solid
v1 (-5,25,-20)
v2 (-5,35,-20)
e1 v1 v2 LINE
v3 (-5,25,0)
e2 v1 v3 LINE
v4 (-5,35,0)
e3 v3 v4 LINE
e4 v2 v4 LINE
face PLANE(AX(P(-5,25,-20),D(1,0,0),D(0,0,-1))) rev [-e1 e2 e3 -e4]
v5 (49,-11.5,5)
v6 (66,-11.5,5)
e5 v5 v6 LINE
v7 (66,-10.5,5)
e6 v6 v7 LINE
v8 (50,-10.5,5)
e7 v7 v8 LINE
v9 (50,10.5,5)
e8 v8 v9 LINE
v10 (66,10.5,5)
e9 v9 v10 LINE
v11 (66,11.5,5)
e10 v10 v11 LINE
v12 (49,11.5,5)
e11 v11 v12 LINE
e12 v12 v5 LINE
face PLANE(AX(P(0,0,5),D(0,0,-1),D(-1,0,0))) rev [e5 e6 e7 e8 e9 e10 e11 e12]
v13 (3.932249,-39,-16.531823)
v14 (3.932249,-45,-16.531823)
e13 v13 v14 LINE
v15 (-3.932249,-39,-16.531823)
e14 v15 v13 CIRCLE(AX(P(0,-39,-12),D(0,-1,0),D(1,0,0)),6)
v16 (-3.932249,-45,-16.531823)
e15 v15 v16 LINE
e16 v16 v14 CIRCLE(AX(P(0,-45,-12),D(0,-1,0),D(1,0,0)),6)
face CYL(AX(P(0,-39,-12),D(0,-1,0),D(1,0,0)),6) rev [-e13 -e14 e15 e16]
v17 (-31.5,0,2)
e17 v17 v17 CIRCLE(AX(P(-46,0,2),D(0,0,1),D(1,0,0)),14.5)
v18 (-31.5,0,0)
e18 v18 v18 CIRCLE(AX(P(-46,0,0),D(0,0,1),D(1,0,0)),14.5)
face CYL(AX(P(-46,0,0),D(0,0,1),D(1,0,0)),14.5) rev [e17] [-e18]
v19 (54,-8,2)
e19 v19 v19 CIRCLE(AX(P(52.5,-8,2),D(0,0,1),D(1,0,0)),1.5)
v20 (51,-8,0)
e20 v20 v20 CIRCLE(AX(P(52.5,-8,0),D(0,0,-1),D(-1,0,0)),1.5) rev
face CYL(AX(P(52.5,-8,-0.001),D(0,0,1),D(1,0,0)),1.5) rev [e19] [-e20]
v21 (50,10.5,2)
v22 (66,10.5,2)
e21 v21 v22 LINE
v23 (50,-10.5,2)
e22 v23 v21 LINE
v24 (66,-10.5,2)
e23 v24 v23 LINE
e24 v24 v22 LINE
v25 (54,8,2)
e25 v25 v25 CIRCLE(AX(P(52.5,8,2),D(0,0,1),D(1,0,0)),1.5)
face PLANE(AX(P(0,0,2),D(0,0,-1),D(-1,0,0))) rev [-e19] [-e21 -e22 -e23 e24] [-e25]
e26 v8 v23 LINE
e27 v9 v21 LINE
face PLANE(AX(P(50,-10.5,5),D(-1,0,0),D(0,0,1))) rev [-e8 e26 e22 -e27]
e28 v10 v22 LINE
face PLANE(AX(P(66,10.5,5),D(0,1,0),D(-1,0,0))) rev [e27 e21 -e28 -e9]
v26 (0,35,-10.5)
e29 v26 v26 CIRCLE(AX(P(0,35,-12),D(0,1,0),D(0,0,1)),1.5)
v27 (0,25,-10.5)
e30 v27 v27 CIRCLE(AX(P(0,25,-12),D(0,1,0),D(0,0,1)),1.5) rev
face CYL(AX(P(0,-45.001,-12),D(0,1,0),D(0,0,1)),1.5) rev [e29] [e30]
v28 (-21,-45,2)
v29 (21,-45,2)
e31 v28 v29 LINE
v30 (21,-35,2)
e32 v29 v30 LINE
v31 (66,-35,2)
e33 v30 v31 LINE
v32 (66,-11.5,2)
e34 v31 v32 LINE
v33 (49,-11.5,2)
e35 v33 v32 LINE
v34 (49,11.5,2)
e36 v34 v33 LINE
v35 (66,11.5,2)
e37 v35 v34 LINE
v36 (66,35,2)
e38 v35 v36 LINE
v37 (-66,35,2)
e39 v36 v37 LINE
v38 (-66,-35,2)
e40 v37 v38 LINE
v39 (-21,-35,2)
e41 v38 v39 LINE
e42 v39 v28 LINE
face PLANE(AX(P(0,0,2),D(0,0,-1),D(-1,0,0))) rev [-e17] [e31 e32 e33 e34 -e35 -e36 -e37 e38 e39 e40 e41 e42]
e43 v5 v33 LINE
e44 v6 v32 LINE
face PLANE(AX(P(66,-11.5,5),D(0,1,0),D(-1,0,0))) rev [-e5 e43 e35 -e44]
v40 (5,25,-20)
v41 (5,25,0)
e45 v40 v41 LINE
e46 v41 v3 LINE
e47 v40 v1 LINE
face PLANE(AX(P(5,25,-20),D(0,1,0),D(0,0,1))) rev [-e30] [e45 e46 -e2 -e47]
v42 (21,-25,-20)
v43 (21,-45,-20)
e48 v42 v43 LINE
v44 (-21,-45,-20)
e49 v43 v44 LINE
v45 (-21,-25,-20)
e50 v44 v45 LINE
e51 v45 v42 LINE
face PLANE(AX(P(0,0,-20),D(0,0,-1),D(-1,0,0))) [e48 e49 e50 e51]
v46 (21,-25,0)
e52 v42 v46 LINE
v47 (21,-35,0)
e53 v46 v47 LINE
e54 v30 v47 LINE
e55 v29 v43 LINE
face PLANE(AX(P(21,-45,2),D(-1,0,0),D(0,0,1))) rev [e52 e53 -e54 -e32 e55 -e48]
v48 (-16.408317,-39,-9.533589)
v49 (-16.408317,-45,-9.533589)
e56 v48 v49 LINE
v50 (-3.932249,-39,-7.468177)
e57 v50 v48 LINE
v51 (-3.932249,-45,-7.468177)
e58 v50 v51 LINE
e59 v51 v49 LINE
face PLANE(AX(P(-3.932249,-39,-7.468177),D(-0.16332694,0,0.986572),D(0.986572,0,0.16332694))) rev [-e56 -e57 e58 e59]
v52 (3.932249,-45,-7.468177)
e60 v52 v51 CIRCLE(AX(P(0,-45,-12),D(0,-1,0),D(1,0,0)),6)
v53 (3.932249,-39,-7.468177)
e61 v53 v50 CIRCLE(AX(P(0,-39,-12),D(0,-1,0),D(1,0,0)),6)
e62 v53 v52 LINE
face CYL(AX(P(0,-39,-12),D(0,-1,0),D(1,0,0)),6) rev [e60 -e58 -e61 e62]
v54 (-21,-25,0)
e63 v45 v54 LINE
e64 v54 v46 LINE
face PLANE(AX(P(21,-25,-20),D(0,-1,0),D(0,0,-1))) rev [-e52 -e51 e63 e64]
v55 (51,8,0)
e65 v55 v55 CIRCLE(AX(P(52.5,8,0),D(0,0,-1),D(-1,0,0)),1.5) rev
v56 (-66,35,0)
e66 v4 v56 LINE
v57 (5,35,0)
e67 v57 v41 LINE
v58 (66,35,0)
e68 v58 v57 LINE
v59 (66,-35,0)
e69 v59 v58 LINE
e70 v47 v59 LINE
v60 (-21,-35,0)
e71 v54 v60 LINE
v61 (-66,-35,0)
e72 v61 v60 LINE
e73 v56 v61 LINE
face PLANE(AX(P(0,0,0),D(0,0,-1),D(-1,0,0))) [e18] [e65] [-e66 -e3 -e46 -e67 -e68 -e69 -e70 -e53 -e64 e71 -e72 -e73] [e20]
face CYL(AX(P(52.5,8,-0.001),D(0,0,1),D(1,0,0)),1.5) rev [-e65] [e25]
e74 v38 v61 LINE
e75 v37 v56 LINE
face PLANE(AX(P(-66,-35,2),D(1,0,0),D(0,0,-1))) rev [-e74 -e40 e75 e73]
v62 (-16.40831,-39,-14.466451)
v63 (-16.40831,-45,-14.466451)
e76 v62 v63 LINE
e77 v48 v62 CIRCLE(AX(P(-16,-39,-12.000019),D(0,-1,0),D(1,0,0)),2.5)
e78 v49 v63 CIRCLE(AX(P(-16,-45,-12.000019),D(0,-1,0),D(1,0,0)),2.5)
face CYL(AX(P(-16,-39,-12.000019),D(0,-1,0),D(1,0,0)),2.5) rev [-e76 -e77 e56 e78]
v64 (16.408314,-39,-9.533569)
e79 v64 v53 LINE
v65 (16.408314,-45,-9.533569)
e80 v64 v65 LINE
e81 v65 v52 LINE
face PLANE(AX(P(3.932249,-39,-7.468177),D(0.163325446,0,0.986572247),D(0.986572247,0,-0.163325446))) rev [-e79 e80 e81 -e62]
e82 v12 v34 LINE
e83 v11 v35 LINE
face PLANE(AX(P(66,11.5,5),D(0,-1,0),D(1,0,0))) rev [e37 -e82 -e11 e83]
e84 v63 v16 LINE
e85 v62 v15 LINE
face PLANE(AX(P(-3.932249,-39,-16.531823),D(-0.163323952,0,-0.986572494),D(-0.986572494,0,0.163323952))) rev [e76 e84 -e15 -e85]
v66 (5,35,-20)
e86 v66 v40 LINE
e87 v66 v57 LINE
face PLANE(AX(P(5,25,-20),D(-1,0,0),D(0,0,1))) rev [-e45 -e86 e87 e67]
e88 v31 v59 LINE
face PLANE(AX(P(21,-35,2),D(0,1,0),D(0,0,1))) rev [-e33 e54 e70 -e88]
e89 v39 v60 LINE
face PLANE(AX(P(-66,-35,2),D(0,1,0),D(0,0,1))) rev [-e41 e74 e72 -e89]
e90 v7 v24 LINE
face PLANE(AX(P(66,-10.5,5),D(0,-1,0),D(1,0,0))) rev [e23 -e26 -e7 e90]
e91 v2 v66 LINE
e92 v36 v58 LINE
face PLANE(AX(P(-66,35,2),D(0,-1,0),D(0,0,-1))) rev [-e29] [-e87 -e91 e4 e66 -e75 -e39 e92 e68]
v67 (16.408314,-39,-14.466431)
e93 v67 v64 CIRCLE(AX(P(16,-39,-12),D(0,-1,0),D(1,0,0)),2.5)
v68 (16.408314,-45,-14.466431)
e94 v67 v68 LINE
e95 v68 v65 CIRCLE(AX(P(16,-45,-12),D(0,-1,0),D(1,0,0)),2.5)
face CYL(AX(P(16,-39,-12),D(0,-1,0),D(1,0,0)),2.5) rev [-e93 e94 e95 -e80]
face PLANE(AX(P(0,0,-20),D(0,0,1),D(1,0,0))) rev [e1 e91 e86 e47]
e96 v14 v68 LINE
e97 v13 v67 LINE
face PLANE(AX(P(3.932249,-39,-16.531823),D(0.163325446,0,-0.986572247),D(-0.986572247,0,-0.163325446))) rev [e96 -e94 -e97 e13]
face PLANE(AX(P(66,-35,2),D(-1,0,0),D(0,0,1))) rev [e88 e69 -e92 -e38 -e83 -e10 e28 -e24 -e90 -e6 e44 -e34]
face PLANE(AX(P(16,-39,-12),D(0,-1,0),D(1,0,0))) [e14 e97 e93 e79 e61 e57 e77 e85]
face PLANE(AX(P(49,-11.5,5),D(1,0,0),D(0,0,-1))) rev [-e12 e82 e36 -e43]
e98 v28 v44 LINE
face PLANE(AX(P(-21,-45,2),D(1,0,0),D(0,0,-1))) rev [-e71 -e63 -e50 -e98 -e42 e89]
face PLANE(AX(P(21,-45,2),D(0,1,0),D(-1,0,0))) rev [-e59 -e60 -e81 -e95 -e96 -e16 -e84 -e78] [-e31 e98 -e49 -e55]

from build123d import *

# Parameters (mm, degrees)
BOSS_EXTRUDE1_DEPTH = 2
SKETCH2_R           = 14.5
CUT_EXTRUDE1_DEPTH  = 2
BOSS_EXTRUDE2_DEPTH = 3
CUT_EXTRUDE2_REACH  = 81.937
SKETCH5_R           = 1.5
SKETCH6_W           = 10
SKETCH6_H           = 10
BOSS_EXTRUDE3_DEPTH = 20
SKETCH10_W          = 42
SKETCH10_H          = 20
BOSS_EXTRUDE5_DEPTH = 20
CUT_EXTRUDE3_DEPTH  = 6
CUT_EXTRUDE4_REACH  = 107.622
SKETCH12_R          = 1.5


with BuildPart() as part:
    # Sketch1 → Boss-Extrude1 (new body)
    with BuildSketch(Plane.XY):
        Polygon((21, -35), (66, -35), (66, 35), (-66, 35), (-66, -35), (-21, -35), (-21, -45), (21, -45), align=None)
    extrude(amount=BOSS_EXTRUDE1_DEPTH)

    # Sketch2 → Cut-Extrude1 (cut)
    with BuildSketch(Plane.XY.offset(2)):
        with Locations((-46, 0)):
            Circle(SKETCH2_R)
    extrude(amount=-CUT_EXTRUDE1_DEPTH, mode=Mode.SUBTRACT)

    # Sketch3 → Boss-Extrude2 (add)
    with BuildSketch(Plane.XY.offset(2)):
        Polygon((50, -10.5), (50, 10.5), (66, 10.5), (66, 11.5), (49, 11.5), (49, -11.5), (66, -11.5), (66, -10.5), align=None)
    extrude(amount=BOSS_EXTRUDE2_DEPTH)

    # Sketch5 → Cut-Extrude2 (cut, up to next)
    with BuildSketch(Plane.XY.offset(2), mode=Mode.PRIVATE) as cut_extrude2_sk1:
        with Locations((52.5, 8)):
            Circle(SKETCH5_R)
    cut_extrude2_tool1 = extrude(cut_extrude2_sk1.sketch, amount=-CUT_EXTRUDE2_REACH, mode=Mode.PRIVATE) & part.part
    # Sketch5 → Cut-Extrude2 (cut, up to next)
    with BuildSketch(Plane.XY.offset(2), mode=Mode.PRIVATE) as cut_extrude2_sk2:
        with Locations((52.5, -8)):
            Circle(SKETCH5_R)
    cut_extrude2_tool2 = extrude(cut_extrude2_sk2.sketch, amount=-CUT_EXTRUDE2_REACH, mode=Mode.PRIVATE) & part.part
    add(cut_extrude2_tool1.solids().sort_by_distance((52.5, 8, 2))[0], mode=Mode.SUBTRACT)
    add(cut_extrude2_tool2.solids().sort_by_distance((52.5, -8, 2))[0], mode=Mode.SUBTRACT)

    # Sketch6 → Boss-Extrude3 (add)
    with BuildSketch(Plane(origin=(0, 0, 0), x_dir=(-1, 0, 0), z_dir=(0, 0, -1))):
        with Locations((0, 30)):
            Rectangle(SKETCH6_W, SKETCH6_H)
    extrude(amount=BOSS_EXTRUDE3_DEPTH)

    # Sketch10 → Boss-Extrude5 (add)
    with BuildSketch(Plane(origin=(0, 0, 0), x_dir=(-1, 0, 0), z_dir=(0, 0, -1))):
        with Locations((0, -35)):
            Rectangle(SKETCH10_W, SKETCH10_H)
    extrude(amount=BOSS_EXTRUDE5_DEPTH)

    # Sketch11 → Cut-Extrude3 (cut)
    with BuildSketch(Plane.XZ.offset(45)):
        with BuildLine():
            Line((-3.932248681, -7.468176933), (-16.408317349, -9.533589408))
            ThreePointArc((-16.408317349, -9.533589408), (-18.5, -12.000023193), (-16.408309881, -14.466450643))
            Line((-16.408309881, -14.466450643), (-3.932248681, -16.531823067))
            ThreePointArc((-3.932248681, -16.531823067), (0, -18), (3.932248681, -16.531823067))
            Line((3.932248681, -16.531823067), (16.408313615, -14.466430618))
            ThreePointArc((16.408313615, -14.466430618), (18.5, -12), (16.408313615, -9.533569382))
            Line((16.408313615, -9.533569382), (3.932248681, -7.468176933))
            ThreePointArc((3.932248681, -7.468176933), (0, -6), (-3.932248681, -7.468176933))
        make_face()
    extrude(amount=-CUT_EXTRUDE3_DEPTH, mode=Mode.SUBTRACT)

    # Sketch12 → Cut-Extrude4 (cut, up to next)
    with BuildSketch(Plane(origin=(0, 35, 0), x_dir=(1, 0, 0), z_dir=(0, 1, 0)), mode=Mode.PRIVATE) as cut_extrude4_sk1:
        with Locations(Location((0, 12, 0), (0, 0, 270))):
            Circle(SKETCH12_R)
    cut_extrude4_tool1 = extrude(cut_extrude4_sk1.sketch, amount=-CUT_EXTRUDE4_REACH, mode=Mode.PRIVATE) & part.part
    add(cut_extrude4_tool1.solids().sort_by_distance((0, 35, -12))[0], mode=Mode.SUBTRACT)


solid = part.part
